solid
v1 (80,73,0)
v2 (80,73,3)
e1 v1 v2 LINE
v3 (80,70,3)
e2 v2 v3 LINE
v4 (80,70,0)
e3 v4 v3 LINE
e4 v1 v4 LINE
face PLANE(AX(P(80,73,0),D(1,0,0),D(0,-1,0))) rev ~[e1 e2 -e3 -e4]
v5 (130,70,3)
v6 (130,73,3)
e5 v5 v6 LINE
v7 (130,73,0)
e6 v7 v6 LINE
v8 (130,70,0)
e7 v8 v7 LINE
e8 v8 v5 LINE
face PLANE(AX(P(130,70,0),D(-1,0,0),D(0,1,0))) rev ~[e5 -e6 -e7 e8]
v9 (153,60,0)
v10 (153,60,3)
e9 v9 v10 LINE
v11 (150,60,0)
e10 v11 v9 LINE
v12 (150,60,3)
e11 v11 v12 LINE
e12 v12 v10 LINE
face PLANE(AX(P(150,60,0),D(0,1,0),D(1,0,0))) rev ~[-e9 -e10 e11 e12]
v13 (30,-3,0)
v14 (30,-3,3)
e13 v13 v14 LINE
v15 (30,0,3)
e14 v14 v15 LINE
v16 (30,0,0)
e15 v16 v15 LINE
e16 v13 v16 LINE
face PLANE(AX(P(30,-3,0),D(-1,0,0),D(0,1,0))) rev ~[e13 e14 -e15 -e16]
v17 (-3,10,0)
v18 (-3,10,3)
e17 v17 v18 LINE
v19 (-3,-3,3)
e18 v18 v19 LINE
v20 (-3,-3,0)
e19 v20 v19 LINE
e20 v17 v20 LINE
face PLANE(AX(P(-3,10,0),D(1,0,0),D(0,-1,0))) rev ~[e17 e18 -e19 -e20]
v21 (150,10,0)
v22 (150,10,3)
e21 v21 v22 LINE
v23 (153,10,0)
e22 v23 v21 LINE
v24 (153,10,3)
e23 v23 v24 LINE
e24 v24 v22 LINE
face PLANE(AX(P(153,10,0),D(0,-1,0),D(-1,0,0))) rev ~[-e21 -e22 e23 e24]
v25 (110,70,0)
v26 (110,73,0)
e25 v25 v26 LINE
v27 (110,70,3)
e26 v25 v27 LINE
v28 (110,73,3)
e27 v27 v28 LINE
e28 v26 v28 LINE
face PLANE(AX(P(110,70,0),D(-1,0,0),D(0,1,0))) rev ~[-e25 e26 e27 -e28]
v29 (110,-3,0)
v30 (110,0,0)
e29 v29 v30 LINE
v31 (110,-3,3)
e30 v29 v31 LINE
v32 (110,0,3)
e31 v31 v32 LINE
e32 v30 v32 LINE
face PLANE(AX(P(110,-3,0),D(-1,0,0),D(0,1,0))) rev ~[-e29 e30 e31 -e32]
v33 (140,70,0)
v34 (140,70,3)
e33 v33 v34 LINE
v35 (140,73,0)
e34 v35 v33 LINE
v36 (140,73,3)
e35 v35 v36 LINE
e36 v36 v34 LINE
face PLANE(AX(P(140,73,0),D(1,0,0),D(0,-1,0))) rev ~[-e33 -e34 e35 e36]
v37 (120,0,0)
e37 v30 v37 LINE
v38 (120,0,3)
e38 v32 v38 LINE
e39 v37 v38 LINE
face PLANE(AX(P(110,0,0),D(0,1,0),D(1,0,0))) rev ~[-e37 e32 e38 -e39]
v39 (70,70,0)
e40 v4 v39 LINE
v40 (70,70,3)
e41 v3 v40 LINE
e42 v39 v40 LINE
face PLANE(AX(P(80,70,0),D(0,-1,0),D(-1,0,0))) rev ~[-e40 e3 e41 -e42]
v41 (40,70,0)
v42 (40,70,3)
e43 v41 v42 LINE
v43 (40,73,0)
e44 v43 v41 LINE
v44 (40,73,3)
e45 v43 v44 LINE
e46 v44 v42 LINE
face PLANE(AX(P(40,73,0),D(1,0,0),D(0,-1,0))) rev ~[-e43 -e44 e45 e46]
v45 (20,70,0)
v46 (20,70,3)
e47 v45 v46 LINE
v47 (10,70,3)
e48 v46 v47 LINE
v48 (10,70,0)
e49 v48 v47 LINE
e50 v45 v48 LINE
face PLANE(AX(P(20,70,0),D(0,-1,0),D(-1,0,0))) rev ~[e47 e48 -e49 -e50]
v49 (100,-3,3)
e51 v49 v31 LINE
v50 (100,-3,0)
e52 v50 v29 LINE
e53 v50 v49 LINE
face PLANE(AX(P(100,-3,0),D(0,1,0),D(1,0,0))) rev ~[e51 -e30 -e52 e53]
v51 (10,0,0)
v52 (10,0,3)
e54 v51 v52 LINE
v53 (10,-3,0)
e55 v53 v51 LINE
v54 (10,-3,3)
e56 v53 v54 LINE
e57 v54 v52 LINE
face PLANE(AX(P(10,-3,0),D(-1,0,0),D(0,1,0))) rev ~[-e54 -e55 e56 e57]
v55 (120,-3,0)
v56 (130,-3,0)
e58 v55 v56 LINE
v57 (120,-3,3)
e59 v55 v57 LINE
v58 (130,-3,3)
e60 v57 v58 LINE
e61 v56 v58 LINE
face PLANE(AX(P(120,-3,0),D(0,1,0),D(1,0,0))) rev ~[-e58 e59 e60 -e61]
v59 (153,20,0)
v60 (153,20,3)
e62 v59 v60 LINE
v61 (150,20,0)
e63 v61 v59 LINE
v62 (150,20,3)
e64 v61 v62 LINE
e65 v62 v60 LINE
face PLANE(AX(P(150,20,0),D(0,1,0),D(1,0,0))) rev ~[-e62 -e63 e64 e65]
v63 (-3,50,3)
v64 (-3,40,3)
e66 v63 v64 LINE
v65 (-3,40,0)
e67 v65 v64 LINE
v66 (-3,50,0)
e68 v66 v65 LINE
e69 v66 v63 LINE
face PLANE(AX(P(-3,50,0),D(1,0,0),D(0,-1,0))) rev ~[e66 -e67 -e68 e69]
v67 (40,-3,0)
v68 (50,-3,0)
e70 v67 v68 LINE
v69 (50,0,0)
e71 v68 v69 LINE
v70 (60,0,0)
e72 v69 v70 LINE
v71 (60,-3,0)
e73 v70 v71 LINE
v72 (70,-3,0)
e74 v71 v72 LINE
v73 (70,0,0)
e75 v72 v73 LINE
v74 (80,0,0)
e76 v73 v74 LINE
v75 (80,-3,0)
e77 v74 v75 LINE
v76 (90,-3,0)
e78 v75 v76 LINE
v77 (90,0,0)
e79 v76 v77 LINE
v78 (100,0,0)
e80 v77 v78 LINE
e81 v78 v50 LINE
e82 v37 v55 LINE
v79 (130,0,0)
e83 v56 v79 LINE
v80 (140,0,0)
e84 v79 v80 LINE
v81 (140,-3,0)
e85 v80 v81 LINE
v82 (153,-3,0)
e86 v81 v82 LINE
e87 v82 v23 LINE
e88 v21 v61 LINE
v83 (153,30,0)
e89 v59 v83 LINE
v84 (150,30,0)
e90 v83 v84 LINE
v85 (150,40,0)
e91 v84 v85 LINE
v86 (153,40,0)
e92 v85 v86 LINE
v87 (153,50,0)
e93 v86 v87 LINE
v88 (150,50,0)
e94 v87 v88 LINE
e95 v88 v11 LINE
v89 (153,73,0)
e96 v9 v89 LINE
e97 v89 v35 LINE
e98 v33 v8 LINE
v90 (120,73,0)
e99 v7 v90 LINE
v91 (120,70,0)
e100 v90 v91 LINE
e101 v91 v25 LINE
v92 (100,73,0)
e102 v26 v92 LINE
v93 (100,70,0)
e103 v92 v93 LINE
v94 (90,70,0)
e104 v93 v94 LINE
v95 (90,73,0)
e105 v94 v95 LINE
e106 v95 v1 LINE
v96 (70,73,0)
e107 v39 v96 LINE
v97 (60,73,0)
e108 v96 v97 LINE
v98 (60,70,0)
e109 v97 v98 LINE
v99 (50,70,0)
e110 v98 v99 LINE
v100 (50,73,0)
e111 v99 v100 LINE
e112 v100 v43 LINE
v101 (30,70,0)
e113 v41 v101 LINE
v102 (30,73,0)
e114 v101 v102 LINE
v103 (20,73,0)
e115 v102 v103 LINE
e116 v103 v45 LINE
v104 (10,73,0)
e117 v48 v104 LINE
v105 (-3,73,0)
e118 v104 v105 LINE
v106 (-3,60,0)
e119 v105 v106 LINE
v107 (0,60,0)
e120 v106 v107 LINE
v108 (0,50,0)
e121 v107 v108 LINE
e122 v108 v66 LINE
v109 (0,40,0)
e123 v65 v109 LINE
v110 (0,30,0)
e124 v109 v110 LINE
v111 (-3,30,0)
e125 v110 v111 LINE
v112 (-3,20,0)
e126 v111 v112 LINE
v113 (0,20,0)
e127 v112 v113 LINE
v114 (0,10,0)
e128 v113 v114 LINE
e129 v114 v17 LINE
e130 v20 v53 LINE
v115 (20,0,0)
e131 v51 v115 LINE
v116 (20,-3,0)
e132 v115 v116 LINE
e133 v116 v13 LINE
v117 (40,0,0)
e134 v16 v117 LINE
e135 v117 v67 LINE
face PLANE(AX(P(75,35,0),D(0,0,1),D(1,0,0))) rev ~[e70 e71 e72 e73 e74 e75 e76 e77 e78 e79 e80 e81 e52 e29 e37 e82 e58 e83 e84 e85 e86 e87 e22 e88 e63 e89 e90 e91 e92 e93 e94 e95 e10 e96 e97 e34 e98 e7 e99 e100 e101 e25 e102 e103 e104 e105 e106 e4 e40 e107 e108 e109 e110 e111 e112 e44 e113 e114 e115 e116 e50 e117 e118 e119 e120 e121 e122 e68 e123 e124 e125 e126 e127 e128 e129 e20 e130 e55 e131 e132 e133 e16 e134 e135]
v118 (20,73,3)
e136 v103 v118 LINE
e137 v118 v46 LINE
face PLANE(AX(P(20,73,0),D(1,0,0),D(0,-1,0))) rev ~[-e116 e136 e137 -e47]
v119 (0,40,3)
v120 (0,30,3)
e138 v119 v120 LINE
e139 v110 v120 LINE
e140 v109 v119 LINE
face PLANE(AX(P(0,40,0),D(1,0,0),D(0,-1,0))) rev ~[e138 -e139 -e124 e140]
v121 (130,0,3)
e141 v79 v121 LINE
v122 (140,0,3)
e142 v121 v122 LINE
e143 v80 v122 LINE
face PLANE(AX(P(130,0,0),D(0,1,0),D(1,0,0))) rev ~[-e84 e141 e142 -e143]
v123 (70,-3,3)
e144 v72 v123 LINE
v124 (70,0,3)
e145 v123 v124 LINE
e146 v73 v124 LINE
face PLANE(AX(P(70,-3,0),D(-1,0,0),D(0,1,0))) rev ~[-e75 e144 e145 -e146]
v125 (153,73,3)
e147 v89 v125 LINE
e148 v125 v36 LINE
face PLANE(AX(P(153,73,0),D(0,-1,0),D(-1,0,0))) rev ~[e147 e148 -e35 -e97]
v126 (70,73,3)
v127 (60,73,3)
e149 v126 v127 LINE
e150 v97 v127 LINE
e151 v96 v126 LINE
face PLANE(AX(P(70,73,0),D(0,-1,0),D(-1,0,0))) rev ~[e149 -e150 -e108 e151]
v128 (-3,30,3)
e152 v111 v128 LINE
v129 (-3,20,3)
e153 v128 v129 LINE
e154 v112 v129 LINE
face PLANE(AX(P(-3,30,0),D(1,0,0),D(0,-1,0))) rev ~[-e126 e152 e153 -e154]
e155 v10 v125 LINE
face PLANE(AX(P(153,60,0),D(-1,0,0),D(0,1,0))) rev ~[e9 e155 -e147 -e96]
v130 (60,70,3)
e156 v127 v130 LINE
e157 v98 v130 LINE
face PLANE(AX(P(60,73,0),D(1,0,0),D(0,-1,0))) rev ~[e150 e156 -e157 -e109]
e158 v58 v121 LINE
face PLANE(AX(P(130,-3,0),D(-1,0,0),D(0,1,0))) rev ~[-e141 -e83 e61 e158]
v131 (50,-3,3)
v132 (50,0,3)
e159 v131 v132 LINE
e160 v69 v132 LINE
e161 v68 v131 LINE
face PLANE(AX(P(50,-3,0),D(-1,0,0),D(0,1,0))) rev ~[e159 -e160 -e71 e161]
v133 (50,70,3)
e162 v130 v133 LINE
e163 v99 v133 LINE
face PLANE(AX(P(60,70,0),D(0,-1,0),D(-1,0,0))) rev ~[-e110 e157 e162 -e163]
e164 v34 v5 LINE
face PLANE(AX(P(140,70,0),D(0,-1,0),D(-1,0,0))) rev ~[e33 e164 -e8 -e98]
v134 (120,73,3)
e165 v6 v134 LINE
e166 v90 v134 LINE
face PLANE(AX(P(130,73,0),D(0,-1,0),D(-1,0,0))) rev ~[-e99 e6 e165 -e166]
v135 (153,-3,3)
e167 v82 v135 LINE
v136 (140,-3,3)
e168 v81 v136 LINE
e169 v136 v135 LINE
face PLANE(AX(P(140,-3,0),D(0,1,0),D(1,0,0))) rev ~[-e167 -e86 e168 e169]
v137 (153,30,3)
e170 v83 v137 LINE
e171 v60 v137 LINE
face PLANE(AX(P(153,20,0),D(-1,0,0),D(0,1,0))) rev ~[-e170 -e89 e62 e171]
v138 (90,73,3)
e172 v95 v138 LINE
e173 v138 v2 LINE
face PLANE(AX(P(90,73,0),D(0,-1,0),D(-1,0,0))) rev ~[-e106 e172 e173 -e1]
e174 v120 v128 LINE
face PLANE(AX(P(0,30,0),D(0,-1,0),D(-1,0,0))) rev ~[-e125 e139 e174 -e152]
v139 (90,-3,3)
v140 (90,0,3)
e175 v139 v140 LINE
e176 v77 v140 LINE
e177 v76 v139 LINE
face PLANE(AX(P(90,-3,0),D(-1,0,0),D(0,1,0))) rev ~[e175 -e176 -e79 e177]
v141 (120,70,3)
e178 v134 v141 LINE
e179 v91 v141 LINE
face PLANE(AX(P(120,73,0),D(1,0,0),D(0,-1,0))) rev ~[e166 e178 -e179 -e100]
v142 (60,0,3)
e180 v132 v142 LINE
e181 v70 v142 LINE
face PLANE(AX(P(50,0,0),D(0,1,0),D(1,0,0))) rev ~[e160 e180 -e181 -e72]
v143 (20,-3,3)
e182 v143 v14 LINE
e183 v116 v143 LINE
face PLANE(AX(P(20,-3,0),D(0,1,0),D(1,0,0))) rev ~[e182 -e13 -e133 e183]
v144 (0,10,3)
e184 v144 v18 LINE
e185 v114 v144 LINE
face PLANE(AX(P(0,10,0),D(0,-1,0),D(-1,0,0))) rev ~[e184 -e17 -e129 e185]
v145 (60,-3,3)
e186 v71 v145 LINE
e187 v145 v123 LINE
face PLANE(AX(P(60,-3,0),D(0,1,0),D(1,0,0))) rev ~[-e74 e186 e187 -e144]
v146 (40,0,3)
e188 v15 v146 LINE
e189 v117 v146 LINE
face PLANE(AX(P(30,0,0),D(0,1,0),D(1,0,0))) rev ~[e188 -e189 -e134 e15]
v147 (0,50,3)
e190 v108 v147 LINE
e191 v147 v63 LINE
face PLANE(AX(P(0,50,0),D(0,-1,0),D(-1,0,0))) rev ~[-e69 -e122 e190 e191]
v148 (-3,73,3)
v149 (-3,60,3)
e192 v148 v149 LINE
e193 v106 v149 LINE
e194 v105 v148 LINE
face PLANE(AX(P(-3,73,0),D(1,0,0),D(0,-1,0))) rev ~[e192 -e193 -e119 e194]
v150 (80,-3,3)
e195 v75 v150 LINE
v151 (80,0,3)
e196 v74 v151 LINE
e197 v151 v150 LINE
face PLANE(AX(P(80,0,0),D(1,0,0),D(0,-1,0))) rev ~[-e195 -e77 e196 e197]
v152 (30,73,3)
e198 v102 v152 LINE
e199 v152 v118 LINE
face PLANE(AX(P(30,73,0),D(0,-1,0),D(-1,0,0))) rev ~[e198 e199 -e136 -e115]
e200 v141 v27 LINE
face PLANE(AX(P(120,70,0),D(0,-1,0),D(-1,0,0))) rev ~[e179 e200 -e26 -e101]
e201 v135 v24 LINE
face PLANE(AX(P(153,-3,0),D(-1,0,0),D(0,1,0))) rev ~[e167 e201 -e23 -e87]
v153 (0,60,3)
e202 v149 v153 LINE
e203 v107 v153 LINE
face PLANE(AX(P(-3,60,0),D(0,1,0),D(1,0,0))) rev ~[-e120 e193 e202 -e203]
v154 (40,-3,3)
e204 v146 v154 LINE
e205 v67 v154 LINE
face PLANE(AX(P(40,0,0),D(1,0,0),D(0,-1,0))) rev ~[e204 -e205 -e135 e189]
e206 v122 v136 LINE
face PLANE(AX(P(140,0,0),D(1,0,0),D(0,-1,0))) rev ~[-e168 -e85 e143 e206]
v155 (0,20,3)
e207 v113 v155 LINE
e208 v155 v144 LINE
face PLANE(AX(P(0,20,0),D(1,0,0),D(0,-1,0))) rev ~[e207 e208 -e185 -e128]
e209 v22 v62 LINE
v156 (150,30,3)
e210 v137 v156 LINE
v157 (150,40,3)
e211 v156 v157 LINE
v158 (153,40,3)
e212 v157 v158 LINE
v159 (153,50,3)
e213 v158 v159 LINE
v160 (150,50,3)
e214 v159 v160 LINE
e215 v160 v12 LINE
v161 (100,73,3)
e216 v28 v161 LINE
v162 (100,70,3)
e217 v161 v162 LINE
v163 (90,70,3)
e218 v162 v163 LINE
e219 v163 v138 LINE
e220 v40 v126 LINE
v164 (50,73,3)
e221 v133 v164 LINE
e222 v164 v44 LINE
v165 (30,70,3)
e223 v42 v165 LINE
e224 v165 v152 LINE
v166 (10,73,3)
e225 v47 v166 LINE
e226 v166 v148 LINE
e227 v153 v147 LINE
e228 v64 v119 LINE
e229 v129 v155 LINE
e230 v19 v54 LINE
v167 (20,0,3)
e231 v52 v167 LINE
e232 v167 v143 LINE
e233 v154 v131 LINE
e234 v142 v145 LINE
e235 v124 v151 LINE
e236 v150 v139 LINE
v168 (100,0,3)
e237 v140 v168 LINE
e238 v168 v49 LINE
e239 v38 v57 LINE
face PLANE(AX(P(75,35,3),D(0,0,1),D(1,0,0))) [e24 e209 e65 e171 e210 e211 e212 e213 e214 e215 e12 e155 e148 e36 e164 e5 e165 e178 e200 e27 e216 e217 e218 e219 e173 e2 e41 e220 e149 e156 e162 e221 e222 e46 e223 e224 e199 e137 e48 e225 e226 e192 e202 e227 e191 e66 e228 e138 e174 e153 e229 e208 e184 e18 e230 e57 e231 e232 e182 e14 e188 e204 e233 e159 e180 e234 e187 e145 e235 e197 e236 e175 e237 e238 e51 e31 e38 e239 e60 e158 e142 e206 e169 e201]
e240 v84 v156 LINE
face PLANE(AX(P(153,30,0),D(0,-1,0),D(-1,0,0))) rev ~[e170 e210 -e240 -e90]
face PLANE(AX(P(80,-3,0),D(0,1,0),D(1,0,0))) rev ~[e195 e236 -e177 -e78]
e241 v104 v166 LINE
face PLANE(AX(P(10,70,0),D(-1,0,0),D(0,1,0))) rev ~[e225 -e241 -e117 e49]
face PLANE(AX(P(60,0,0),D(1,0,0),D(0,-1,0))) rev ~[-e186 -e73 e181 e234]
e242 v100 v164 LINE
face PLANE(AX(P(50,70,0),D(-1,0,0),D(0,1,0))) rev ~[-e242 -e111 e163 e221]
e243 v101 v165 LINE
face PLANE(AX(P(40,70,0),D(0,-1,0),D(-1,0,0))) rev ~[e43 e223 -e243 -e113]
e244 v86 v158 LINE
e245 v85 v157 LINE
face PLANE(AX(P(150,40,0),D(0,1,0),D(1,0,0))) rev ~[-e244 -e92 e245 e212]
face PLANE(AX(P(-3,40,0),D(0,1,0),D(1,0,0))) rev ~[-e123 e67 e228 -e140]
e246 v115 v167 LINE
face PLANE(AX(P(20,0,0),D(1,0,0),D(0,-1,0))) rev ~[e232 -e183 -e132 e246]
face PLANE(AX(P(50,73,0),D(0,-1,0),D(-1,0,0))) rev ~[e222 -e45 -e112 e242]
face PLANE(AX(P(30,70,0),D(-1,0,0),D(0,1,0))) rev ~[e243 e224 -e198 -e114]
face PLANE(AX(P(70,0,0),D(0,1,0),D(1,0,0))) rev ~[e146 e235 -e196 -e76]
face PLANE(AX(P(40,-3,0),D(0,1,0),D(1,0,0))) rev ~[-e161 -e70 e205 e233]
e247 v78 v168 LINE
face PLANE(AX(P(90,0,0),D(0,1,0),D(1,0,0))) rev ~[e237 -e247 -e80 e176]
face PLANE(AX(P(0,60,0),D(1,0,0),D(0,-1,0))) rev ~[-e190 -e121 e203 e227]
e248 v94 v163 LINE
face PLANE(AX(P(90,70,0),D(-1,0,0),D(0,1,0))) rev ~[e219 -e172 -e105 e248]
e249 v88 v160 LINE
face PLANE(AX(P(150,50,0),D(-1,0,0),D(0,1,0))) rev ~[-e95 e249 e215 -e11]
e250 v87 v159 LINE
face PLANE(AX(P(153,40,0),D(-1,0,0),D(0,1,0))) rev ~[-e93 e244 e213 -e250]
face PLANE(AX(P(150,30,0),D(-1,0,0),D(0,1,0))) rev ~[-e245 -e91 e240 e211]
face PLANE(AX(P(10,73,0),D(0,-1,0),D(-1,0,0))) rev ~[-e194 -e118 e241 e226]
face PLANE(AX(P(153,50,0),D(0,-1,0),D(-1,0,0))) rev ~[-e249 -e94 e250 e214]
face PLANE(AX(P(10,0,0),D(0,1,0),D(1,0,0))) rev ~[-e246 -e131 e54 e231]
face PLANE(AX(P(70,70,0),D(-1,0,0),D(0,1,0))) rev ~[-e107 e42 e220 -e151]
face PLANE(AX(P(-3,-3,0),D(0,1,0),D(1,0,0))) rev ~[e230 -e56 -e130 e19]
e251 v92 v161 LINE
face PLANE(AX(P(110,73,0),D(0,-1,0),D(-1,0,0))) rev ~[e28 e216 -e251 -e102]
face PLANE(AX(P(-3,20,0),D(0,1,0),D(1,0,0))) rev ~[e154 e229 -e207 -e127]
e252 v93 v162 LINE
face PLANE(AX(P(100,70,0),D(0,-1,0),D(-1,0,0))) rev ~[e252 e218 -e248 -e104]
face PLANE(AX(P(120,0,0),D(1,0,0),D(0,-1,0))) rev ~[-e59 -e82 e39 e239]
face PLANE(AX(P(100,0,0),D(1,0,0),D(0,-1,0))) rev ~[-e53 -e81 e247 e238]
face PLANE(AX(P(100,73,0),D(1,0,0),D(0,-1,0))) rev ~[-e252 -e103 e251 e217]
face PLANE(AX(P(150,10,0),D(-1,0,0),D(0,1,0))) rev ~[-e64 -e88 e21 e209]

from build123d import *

# Parameters (mm, degrees)
BOSS_EXTRUDE1_DEPTH = 3


with BuildPart() as part:
    # Sketch1 → Boss-Extrude1 (new body)
    with BuildSketch(Plane.XY):
        Polygon((0, 60), (0, 50), (-3, 50), (-3, 40), (0, 40), (0, 30), (-3, 30), (-3, 20), (0, 20), (0, 10), (-3, 10), (-3, 0), (-3, -3), (0, -3), (10, -3), (10, 0), (20, 0), (20, -3), (30, -3), (30, 0), (40, 0), (40, -3), (50, -3), (50, 0), (60, 0), (60, -3), (70, -3), (70, 0), (80, 0), (80, -3), (90, -3), (90, 0), (100, 0), (100, -3), (110, -3), (110, 0), (120, 0), (120, -3), (130, -3), (130, 0), (140, 0), (140, -3), (150, -3), (153, -3), (153, 0), (153, 10), (150, 10), (150, 20), (153, 20), (153, 30), (150, 30), (150, 40), (153, 40), (153, 50), (150, 50), (150, 60), (153, 60), (153, 70), (153, 73), (150, 73), (140, 73), (140, 70), (130, 70), (130, 73), (120, 73), (120, 70), (110, 70), (110, 73), (100, 73), (100, 70), (90, 70), (90, 73), (80, 73), (80, 70), (70, 70), (70, 73), (60, 73), (60, 70), (50, 70), (50, 73), (40, 73), (40, 70), (30, 70), (30, 73), (20, 73), (20, 70), (10, 70), (10, 73), (0, 73), (-3, 73), (-3, 70), (-3, 60), align=None)
    extrude(amount=BOSS_EXTRUDE1_DEPTH)


solid = part.part
